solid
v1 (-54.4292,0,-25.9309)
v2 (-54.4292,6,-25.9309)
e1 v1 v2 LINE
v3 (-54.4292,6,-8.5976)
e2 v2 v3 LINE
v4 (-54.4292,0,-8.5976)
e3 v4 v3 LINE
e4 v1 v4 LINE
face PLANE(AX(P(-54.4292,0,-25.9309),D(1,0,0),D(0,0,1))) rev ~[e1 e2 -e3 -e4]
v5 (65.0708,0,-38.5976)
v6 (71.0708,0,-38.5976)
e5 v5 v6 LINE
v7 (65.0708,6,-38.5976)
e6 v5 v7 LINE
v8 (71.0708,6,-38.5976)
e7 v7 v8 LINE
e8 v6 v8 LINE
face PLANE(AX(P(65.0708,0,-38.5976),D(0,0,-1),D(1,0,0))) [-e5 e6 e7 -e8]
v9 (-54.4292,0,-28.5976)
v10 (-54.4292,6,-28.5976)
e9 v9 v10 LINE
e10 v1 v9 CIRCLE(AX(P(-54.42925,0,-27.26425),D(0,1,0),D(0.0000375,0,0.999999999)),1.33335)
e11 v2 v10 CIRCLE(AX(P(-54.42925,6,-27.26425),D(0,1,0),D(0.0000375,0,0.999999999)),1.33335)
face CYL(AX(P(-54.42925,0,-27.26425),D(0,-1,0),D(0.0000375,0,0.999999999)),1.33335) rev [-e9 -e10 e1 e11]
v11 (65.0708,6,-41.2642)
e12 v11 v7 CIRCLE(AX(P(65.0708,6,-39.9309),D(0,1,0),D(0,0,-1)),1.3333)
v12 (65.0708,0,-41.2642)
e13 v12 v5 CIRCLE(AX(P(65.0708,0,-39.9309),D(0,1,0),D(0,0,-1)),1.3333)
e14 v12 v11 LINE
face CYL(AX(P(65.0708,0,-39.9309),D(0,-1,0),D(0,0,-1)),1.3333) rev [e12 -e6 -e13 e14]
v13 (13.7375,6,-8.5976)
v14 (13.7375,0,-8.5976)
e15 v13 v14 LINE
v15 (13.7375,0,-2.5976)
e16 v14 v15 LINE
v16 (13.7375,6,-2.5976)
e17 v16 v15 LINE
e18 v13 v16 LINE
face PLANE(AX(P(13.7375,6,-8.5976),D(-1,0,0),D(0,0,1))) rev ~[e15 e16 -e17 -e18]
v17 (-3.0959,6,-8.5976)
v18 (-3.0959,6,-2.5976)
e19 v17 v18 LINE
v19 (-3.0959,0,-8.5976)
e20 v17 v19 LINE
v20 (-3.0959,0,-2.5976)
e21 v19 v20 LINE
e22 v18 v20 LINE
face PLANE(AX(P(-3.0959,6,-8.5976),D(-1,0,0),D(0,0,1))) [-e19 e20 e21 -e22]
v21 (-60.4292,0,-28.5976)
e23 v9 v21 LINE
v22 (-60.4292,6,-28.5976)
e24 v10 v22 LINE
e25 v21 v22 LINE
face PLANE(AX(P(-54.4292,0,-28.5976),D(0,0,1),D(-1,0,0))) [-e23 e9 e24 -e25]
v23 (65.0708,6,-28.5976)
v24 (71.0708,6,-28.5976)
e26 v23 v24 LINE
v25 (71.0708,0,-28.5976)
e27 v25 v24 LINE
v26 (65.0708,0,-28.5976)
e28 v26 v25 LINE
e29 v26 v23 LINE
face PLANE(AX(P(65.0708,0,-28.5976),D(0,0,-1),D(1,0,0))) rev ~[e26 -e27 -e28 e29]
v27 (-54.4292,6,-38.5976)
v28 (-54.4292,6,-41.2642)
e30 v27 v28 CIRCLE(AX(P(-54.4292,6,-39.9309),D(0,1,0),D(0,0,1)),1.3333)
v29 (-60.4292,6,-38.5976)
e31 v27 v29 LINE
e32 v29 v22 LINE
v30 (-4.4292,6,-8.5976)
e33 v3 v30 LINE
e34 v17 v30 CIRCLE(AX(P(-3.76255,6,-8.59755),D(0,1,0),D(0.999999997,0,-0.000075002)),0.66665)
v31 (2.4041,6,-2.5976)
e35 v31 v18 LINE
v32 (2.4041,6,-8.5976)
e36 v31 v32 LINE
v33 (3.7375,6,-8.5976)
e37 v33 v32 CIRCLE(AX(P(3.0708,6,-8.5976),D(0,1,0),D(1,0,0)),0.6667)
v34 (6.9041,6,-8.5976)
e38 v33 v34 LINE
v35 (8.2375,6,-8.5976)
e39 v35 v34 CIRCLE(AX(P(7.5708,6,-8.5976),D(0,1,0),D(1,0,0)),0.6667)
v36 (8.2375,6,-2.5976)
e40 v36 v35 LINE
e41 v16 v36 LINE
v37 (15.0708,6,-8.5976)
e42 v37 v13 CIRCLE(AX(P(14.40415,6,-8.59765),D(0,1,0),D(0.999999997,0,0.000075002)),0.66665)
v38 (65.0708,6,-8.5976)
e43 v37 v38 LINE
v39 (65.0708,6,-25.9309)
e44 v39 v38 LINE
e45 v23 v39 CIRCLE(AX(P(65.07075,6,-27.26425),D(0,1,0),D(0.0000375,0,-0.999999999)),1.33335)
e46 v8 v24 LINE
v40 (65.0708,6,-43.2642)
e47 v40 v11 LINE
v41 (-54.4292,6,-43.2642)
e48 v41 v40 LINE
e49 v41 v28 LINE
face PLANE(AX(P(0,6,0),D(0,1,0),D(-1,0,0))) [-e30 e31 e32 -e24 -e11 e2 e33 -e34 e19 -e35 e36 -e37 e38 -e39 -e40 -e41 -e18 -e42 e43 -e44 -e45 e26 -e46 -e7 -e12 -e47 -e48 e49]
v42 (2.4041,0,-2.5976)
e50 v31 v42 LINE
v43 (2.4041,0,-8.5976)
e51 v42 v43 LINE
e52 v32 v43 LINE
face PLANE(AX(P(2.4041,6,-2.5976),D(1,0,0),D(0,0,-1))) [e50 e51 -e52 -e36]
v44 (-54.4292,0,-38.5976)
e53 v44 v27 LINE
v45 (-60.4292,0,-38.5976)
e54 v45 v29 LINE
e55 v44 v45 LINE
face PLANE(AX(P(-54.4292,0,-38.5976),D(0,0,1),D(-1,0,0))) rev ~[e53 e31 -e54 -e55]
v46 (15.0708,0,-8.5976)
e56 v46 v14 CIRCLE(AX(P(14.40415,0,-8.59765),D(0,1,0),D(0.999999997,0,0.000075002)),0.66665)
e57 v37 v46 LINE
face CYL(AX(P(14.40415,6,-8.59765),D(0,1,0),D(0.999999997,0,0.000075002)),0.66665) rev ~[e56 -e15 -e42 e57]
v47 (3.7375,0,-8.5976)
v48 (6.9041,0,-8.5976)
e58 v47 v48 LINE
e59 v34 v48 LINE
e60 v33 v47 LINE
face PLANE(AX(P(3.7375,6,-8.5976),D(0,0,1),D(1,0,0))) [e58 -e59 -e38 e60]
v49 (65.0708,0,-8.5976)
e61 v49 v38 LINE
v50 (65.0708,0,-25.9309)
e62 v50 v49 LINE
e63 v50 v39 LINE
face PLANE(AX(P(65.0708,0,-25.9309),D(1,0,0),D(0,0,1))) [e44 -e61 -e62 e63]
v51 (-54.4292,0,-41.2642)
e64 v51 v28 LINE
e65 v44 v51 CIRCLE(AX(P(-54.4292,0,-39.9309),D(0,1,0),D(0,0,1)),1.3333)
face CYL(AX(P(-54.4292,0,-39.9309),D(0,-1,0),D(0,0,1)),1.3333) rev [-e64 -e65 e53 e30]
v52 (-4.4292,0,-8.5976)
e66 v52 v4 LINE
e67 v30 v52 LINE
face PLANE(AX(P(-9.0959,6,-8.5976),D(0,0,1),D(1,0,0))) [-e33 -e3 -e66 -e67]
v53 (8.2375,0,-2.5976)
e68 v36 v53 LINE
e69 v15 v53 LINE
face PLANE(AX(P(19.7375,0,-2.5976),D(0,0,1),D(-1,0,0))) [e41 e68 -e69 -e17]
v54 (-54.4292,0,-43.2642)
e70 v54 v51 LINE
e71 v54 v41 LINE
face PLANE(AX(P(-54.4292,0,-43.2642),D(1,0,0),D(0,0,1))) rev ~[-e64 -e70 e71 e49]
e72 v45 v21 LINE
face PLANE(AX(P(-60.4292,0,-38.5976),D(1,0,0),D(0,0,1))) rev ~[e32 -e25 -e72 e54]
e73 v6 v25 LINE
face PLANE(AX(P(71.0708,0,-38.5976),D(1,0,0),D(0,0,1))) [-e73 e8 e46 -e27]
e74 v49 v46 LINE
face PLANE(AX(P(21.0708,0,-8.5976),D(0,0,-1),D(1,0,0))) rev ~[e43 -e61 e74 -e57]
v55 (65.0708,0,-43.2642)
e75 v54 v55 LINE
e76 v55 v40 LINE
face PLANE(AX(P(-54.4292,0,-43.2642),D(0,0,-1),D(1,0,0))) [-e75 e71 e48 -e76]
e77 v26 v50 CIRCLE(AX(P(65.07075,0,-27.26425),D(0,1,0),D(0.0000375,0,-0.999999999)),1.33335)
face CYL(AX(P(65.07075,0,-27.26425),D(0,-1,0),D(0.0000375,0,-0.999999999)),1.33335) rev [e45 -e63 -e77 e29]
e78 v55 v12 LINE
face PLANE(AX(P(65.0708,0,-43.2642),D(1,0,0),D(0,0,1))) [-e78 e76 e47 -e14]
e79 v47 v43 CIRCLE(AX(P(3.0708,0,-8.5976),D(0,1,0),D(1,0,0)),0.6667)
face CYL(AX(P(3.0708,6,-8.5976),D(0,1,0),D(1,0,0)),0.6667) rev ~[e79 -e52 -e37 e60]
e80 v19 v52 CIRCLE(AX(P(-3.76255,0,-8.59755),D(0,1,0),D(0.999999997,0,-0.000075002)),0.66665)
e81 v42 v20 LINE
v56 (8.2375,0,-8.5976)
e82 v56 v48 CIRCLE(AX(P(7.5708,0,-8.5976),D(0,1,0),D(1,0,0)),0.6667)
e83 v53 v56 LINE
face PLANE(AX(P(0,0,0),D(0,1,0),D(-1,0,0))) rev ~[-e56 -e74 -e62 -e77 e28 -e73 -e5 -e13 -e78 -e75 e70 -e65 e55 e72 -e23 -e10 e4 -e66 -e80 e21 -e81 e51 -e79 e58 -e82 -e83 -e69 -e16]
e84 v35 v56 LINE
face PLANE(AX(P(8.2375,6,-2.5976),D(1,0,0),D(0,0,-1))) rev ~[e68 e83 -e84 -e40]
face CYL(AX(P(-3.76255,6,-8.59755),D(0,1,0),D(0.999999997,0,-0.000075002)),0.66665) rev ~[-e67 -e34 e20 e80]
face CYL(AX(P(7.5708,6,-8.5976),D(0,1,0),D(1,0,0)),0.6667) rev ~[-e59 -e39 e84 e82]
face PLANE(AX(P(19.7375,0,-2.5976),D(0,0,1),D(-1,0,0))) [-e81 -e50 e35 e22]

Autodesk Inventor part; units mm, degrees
ref_plane "YZ Plane" through (0, 0, 0) normal (1, 0, 0) x (0, 1, 0)
ref_plane "XZ Plane" through (0, 0, 0) normal (0, 1, 0) x (-1, 0, 0)
ref_plane "XY Plane" through (0, 0, 0) normal (0, 0, 1) x (1, 0, 0)
sketch "Sketch1" plane through (0, 0, 0) normal (0, 1, 0) x (-1, 0, 0)
  line L0 (54.4292, -43.2642) -> (54.4292, -41.2642)
  arc A0 (54.4292, -38.5976) -> (54.4292, -41.2642) centre (54.4292, -39.9309) ccw
  arc A1 (54.4292, -25.9309) -> (54.4292, -28.5976) centre (54.4292, -27.2642) ccw
  line L1 (54.4292, -25.9309) -> (54.4292, -8.5976)
  line L2 (54.4292, -28.5976) -> (60.4292, -28.5976)
  line L3 (54.4292, -38.5976) -> (60.4292, -38.5976)
  line L4 (60.4292, -38.5976) -> (60.4292, -28.5976)
  line L5 (54.4292, -43.2642) -> (-65.0708, -43.2642)
  line L6 (-65.0708, -43.2642) -> (-65.0708, -41.2642)
  arc A2 (-65.0708, -41.2642) -> (-65.0708, -38.5976) centre (-65.0708, -39.9309) ccw
  arc A3 (-65.0708, -28.5976) -> (-65.0708, -25.9309) centre (-65.0708, -27.2642) ccw
  line L7 (-65.0708, -25.9309) -> (-65.0708, -8.5976)
  line L8 (-65.0708, -28.5976) -> (-71.0708, -28.5976)
  line L9 (-65.0708, -38.5976) -> (-71.0708, -38.5976)
  line L10 (-71.0708, -38.5976) -> (-71.0708, -28.5976)
  line L11 (-21.0708, -8.5976) -> (-65.0708, -8.5976)
  line L12 (54.4292, -8.5976) -> (10.4292, -8.5976)
  line L13 (-19.7375, -2.5976) -> (9.0959, -2.5976)
  line L14 (-19.7375, -8.5976) -> (-19.7375, -2.5976)
  line L15 (9.0959, -8.5976) -> (9.0959, -2.5976)
  line L16 (-21.0708, -8.5976) -> (-19.7375, -8.5976)
  line L17 (10.4292, -8.5976) -> (9.0959, -8.5976)
  point P0 (0, 0)
  dimension "d1" = 2
  dimension "d2" = 2.6667
  dimension "d5" = 2.6667
  dimension "d6" = 17.3333
  dimension "d9" = 6
  dimension "d10" = 119.5
  dimension "d11" = 10
  dimension "d18" = 44
  dimension "d19" = 44
  dimension "d21" = 20
  dimension "d23" = 6
extrude "Extrusion1" add sketch "Sketch1" along normal blind 6
sketch "Sketch2" plane through (0, 6, 0) normal (0, 1, 0) x (1, 0, 0)
  line L0 (2.4041, 2.5976) -> (2.4041, 8.5976)
  line L1 (-3.0959, 8.5976) -> (-3.0959, 2.5976)
  line L2 (-9.0959, 8.5976) -> (-9.0959, 2.5976) projected
  line L3 (13.7375, 8.5976) -> (13.7375, 2.5976)
  line L4 (8.2375, 2.5976) -> (8.2375, 8.5976)
  line L5 (19.7375, 2.5976) -> (19.7375, 8.5976) projected
  line L6 (-9.0959, 8.5976) -> (-4.4292, 8.5976)
  line L7 (-3.0959, 8.5976) -> (-3.0959, 2.5976)
  line L8 (-3.0959, 2.5976) -> (-9.0959, 2.5976)
  line L9 (-9.0959, 2.5976) -> (-9.0959, 8.5976)
  line L10 (3.7375, 8.5976) -> (6.9041, 8.5976)
  line L11 (8.2375, 8.5976) -> (8.2375, 2.5976)
  line L12 (8.2375, 2.5976) -> (2.4041, 2.5976)
  line L13 (2.4041, 2.5976) -> (2.4041, 8.5976)
  line L14 (15.0708, 8.5976) -> (19.7375, 8.5976)
  line L15 (19.7375, 8.5976) -> (19.7375, 2.5976)
  line L16 (19.7375, 2.5976) -> (13.7375, 2.5976)
  line L17 (13.7375, 2.5976) -> (13.7375, 8.5976)
  arc A0 (3.7375, 8.5976) -> (2.4041, 8.5976) centre (3.0708, 8.5976) ccw
  arc A1 (8.2375, 8.5976) -> (6.9041, 8.5976) centre (7.5708, 8.5976) ccw
  arc A2 (-3.0959, 8.5976) -> (-4.4292, 8.5976) centre (-3.7625, 8.5976) ccw
  arc A3 (15.0708, 8.5976) -> (13.7375, 8.5976) centre (14.4041, 8.5976) ccw
  point P0 (0, 0)
  dimension "d26" = 6
  dimension "d28" = 6
  dimension "d29" = 6
  dimension "d37" = 1.3333
  dimension "d38" = 1.3333
  dimension "d39" = 1.3333
  dimension "d40" = 1.3333
extrude "Extrusion2" cut sketch "Sketch2" against normal through all
properties part number "Support A Cross Dual2" material "Wood (Maple)"
